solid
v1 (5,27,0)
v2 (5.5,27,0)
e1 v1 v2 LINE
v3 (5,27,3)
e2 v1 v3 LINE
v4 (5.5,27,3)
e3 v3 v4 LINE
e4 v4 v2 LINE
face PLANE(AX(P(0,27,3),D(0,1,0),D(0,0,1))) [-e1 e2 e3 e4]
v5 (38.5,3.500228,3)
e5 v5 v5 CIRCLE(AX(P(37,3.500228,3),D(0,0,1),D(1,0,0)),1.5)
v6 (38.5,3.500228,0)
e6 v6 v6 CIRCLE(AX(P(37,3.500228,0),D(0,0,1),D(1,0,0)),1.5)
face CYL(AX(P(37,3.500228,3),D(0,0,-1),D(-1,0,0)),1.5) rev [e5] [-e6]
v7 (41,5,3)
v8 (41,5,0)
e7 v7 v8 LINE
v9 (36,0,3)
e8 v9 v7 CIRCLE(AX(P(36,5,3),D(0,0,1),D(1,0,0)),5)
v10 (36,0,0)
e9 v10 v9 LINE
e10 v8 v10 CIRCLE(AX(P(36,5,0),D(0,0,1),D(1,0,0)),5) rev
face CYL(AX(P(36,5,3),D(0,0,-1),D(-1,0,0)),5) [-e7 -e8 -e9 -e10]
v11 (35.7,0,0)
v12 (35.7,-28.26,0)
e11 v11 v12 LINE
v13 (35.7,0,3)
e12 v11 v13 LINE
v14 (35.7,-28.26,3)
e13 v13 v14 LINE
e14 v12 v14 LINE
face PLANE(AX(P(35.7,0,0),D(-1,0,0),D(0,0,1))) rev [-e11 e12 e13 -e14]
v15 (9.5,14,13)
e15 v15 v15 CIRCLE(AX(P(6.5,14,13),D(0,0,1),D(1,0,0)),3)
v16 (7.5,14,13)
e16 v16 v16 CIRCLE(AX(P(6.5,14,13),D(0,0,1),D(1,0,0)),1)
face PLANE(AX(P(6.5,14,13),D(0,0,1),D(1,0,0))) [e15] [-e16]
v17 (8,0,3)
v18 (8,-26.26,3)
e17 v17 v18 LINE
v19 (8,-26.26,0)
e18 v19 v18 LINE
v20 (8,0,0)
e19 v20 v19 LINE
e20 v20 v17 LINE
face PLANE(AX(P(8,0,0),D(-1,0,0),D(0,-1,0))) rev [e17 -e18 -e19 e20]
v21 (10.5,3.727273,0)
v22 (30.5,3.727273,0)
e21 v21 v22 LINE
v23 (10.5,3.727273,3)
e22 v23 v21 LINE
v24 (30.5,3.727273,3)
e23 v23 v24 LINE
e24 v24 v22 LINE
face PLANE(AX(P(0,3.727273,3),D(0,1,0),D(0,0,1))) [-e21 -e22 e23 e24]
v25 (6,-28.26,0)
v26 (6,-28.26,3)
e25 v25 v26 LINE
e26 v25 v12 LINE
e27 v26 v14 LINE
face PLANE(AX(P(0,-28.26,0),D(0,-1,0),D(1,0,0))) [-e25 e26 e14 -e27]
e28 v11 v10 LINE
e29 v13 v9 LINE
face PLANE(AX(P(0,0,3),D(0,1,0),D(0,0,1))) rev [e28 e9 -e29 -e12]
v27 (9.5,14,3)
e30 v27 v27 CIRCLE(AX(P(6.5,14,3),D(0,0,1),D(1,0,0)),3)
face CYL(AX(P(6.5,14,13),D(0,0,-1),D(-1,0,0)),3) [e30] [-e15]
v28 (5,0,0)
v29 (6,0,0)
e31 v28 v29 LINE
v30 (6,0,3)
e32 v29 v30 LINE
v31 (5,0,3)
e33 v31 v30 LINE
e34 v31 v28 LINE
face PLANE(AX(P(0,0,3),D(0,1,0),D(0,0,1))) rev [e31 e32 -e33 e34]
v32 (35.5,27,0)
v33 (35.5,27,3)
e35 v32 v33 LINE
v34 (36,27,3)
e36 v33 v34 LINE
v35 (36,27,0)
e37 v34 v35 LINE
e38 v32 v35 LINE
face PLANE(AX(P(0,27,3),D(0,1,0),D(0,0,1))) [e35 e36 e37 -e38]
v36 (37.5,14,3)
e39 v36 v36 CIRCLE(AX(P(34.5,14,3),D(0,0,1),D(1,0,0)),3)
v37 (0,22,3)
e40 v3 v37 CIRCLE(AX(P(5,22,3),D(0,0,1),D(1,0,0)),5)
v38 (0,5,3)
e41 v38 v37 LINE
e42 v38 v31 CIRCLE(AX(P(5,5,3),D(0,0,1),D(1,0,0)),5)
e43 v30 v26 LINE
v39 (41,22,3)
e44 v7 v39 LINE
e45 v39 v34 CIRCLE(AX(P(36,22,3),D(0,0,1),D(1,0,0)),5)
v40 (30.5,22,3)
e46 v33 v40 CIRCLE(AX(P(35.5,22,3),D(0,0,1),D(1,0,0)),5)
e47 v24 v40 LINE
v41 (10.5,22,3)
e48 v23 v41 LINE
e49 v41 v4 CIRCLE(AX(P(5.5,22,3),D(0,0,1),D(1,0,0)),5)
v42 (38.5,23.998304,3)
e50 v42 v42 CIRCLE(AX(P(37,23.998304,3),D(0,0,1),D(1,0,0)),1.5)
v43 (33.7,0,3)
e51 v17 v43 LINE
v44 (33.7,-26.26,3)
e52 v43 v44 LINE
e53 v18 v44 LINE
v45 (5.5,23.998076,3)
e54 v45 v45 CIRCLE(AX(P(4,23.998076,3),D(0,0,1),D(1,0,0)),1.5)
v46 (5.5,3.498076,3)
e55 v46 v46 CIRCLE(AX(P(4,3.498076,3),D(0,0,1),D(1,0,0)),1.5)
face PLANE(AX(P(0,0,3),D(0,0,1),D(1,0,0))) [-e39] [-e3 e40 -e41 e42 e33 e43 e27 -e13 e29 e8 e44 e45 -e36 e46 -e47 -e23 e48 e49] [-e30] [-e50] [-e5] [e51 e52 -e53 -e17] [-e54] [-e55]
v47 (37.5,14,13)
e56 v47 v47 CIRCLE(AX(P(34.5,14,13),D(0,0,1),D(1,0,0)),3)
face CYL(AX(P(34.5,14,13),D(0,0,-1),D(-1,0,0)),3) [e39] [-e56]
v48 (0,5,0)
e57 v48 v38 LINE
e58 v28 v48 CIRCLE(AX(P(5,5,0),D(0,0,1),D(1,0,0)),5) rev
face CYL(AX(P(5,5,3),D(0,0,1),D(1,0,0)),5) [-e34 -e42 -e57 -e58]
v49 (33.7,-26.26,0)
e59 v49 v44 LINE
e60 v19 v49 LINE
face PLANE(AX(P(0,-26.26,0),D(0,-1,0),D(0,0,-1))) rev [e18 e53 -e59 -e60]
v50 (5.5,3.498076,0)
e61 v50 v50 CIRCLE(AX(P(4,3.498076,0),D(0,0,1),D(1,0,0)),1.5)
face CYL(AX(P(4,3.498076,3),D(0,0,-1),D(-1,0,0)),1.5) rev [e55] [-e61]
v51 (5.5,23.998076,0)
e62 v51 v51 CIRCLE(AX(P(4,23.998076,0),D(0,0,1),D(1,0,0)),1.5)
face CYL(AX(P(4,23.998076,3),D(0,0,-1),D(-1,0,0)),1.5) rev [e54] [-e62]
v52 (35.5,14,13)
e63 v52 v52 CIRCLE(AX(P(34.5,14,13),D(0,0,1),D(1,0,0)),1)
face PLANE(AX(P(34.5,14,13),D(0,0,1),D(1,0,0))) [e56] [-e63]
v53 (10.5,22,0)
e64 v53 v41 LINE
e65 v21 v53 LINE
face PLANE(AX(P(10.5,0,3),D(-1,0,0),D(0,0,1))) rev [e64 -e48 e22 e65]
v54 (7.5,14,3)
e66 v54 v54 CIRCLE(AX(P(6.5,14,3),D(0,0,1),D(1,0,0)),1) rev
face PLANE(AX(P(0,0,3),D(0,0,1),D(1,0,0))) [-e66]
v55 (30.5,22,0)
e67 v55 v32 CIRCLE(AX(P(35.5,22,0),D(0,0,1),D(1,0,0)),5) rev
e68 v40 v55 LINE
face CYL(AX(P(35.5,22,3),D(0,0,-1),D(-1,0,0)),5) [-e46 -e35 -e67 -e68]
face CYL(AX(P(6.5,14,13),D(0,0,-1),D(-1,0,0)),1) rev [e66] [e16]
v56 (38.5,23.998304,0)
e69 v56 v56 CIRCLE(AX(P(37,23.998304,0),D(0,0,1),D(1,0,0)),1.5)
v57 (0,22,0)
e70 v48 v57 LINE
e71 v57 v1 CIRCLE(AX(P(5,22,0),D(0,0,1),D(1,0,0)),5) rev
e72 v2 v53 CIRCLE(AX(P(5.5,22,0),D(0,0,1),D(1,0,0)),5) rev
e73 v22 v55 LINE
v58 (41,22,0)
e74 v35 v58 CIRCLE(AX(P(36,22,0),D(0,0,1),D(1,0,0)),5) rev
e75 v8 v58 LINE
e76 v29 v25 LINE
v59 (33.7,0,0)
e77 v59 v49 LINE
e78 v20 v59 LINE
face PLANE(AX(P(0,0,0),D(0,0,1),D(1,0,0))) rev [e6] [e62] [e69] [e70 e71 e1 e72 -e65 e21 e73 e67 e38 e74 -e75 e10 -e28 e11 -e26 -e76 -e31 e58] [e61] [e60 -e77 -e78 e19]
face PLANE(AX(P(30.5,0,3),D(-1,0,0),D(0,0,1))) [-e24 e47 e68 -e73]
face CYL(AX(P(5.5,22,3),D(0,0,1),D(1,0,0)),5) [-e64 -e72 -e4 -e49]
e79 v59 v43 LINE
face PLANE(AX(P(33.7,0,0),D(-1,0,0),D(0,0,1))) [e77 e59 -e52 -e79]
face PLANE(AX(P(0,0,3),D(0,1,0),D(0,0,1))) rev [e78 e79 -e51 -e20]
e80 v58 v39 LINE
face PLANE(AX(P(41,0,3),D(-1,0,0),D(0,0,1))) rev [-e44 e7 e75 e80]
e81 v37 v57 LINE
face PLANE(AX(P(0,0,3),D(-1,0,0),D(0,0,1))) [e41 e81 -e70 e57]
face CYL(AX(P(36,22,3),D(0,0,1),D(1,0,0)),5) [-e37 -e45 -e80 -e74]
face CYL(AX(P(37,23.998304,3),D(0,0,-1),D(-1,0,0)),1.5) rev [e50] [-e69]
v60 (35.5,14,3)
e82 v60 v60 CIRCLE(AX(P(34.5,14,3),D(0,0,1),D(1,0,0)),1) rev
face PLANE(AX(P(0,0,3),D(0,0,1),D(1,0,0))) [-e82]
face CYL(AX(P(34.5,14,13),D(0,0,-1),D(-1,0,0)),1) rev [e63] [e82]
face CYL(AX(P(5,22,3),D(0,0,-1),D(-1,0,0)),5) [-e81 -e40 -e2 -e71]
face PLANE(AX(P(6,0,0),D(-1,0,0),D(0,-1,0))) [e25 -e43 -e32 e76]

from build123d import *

# Parameters (mm, degrees)
ESQUISSE1_R        = 1.5
BOSS_EXTRU_1_DEPTH = 3
ESQUISSE3_R        = 3
ESQUISSE3_R_2      = 1
BOSS_EXTRU_2_DEPTH = 10
CONG_1_R           = 5
BOSS_EXTRU_3_DEPTH = 3


with BuildPart() as part:
    # Esquisse1 → Boss.-Extru.1 (new body)
    with BuildSketch(Plane.XY):
        Polygon((0, 27), (0, 0), (5.65, 0), (7.65, 0), (7.700374591, 0), (16.027478889, 0), (33.35, 0), (35.35, 0), (41, 0), (41, 27), (30.5, 27), (30.5, 3.727272727), (10.5, 3.727272727), (10.5, 27), align=None)
        with Locations((4, 3.498076118)):
            Circle(ESQUISSE1_R, mode=Mode.SUBTRACT)
        with Locations((36.99999993, 3.500228257)):
            Circle(ESQUISSE1_R, mode=Mode.SUBTRACT)
        with Locations((4, 23.998076118)):
            Circle(ESQUISSE1_R, mode=Mode.SUBTRACT)
        with Locations((36.99999993, 23.998304375)):
            Circle(ESQUISSE1_R, mode=Mode.SUBTRACT)
    extrude(amount=BOSS_EXTRU_1_DEPTH)

    # Esquisse3 → Boss.-Extru.2 (add)
    with BuildSketch(Plane.XY.offset(3)):
        with Locations((6.5, 14)):
            Circle(ESQUISSE3_R)
        with Locations((6.5, 14)):
            Circle(ESQUISSE3_R_2, mode=Mode.SUBTRACT)
        with Locations((34.5, 14)):
            Circle(ESQUISSE3_R)
        with Locations((34.5, 14)):
            Circle(ESQUISSE3_R_2, mode=Mode.SUBTRACT)
    extrude(amount=BOSS_EXTRU_2_DEPTH)

    # Congé1
    cong_1_edges = [part.edges().sort_by_distance(p)[0] for p in [
        (30.5, 27, 1.5),
        (41, 27, 1.5),
        (41, 0, 1.5),
        (0, 0, 1.5),
        (0, 27, 1.5),
        (10.5, 27, 1.5),
    ]]
    fillet(cong_1_edges, radius=CONG_1_R)

    # Esquisse5 → Boss.-Extru.3 (add)
    with BuildSketch(Plane.XY.offset(3)):
        Polygon((8, 0), (6, 0), (6, -28.26), (35.7, -28.26), (35.7, 0), (33.7, 0), (33.7, -26.26), (8, -26.26), align=None)
    extrude(amount=-BOSS_EXTRU_3_DEPTH)


solid = part.part
